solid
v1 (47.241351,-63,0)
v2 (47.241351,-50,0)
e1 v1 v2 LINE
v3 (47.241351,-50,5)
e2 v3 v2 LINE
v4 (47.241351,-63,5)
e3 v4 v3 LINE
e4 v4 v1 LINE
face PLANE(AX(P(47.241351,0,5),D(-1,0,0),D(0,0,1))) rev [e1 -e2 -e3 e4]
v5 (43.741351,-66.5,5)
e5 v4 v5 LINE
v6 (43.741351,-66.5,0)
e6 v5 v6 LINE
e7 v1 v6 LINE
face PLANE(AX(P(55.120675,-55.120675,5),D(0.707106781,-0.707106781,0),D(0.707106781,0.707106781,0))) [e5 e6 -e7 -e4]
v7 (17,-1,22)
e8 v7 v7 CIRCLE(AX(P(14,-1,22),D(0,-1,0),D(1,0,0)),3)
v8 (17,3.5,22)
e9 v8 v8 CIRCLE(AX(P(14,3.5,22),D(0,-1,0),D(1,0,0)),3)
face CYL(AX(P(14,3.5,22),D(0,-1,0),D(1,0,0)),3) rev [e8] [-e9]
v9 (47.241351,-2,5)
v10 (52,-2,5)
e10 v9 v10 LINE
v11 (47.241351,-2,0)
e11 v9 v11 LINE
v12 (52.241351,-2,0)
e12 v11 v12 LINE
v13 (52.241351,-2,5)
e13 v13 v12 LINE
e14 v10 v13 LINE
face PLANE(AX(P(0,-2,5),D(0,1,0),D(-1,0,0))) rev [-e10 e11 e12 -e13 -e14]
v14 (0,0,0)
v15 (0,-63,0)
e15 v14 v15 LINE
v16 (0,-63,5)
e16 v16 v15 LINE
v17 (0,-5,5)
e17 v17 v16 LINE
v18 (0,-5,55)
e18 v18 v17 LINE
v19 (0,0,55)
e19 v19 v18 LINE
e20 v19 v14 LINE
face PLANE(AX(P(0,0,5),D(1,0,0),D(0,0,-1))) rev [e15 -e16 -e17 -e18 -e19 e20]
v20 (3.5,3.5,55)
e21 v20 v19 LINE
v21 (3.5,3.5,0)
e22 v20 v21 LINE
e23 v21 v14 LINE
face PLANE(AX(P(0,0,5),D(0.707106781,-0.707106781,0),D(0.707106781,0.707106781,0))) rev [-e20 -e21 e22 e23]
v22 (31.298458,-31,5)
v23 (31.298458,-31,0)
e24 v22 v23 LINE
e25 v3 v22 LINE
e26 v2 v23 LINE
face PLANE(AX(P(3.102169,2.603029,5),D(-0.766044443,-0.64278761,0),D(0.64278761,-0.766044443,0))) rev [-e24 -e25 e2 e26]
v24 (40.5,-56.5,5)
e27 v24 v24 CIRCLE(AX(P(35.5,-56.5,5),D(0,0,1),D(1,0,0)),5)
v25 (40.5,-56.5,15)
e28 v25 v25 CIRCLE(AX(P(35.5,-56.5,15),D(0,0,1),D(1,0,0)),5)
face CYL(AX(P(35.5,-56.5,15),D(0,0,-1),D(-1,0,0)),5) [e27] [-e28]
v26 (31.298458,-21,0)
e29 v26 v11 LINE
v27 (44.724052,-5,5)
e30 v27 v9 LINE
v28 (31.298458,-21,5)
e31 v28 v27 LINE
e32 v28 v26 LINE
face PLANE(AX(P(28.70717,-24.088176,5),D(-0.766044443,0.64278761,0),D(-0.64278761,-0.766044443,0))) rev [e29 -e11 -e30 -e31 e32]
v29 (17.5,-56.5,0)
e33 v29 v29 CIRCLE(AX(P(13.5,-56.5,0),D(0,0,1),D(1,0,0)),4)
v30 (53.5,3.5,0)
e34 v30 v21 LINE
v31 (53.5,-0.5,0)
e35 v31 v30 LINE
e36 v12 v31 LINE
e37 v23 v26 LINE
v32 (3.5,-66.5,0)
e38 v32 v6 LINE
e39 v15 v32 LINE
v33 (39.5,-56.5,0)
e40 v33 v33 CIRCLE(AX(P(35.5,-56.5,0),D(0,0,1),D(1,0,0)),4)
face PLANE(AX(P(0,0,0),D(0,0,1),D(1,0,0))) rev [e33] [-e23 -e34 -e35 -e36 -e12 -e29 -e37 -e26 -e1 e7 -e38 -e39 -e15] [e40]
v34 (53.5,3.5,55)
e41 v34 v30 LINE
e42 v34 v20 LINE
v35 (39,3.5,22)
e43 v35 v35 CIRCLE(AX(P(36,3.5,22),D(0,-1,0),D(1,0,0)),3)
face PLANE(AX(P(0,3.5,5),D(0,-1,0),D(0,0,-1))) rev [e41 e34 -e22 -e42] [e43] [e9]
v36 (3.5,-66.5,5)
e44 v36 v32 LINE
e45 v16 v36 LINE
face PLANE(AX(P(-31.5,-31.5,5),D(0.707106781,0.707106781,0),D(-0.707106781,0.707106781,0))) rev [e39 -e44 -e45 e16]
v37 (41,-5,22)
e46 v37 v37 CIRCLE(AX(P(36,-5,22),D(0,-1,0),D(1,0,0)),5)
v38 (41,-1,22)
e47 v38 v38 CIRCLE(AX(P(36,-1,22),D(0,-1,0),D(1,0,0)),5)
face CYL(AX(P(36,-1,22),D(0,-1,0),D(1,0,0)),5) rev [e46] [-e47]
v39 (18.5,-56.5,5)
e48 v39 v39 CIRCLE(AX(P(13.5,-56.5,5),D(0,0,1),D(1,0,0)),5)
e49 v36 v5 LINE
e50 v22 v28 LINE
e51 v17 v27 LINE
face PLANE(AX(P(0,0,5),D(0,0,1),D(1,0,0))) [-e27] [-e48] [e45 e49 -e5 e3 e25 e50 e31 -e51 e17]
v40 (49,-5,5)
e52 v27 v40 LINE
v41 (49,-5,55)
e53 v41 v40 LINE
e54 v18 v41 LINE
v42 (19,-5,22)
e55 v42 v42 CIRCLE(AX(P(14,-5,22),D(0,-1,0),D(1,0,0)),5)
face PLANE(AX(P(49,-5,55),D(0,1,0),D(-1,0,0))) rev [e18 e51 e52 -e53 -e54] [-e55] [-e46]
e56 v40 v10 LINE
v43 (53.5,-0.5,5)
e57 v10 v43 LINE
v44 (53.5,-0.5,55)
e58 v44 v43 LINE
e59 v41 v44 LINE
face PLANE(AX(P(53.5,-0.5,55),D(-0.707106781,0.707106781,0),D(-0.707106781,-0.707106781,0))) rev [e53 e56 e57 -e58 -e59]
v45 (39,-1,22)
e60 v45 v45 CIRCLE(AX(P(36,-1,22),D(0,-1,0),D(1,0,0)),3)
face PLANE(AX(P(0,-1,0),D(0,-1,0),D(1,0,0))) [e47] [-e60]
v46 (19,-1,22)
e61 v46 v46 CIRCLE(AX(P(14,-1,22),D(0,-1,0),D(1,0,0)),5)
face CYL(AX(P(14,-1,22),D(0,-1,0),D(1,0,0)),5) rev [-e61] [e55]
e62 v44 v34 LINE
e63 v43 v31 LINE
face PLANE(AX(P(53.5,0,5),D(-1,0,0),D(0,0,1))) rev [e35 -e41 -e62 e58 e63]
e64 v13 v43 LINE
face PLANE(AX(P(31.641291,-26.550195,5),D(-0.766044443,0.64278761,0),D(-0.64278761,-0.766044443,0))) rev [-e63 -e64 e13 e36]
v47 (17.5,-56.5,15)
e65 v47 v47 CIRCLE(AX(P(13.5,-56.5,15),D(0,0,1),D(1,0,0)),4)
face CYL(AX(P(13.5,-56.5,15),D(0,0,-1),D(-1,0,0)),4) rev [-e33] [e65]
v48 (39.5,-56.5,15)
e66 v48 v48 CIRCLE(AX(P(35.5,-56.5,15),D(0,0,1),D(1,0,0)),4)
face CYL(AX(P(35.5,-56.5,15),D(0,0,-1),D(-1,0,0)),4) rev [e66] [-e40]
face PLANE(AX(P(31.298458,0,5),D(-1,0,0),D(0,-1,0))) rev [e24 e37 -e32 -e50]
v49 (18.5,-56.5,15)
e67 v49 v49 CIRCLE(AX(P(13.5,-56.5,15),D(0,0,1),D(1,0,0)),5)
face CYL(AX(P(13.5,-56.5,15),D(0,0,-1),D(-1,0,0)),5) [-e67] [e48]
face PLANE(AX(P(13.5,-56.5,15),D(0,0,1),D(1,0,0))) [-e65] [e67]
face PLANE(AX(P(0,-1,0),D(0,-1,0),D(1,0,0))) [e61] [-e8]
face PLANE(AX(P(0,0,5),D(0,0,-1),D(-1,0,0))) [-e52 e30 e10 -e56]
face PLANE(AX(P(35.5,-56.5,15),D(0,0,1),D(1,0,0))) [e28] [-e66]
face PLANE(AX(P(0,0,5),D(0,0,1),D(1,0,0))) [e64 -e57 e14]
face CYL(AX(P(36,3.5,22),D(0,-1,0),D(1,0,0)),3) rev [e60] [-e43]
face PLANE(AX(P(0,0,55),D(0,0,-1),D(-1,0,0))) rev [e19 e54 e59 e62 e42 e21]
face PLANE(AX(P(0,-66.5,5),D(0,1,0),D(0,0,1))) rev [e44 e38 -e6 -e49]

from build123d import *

# Parameters (mm, degrees)
BOSS_EXTRUDE1_DEPTH     = 5
BOSS_EXTRUDE2_DEPTH     = 50
CUT_EXTRUDE1_DEPTH      = 99.333615819
CUT_EXTRUDE1_DEPTH_BACK = 99.333615819
SKETCH3_R               = 3
SKETCH4_R               = 5
SKETCH4_R_2             = 4
BOSS_EXTRUDE3_DEPTH     = 10
SKETCH3_3_R             = 5
SKETCH3_3_R_2           = 3
CUT_EXTRUDE2_DEPTH      = 4
ESQUISSE1_R             = 4
ENL_V_MAT_EXTRU_1_DEPTH = 99.916631564


with BuildPart() as part:
    # Sketch1 → Boss-Extrude1 (new body)
    with BuildSketch(Plane.XY):
        Polygon((52.241350553, -2), (53.5, -0.5), (53.5, 3.5), (3.5, 3.5), (0, 0), (0, -63), (3.5, -66.5), (43.741350553, -66.5), (47.241350553, -63), (47.241350553, -50), (31.298457561, -31), (31.298457561, -21), (47.241350553, -2), align=None)
    extrude(amount=BOSS_EXTRUDE1_DEPTH)

    # Sketch2 → Boss-Extrude2 (add)
    with BuildSketch(Plane.XY.offset(5)):
        Polygon((0, -5), (0, 0), (3.5, 3.5), (53.5, 3.5), (53.5, -0.5), (49, -5), align=None)
    extrude(amount=BOSS_EXTRUDE2_DEPTH)

    # Sketch3 → Cut-Extrude1 (cut, two sides: drawn at the far end of the back side and taken through both)
    with BuildSketch(Plane.XZ.offset(5).offset(-CUT_EXTRUDE1_DEPTH_BACK)):
        with Locations((36, 22)):
            Circle(SKETCH3_R)
        with Locations((14, 22)):
            Circle(SKETCH3_R)
    extrude(amount=CUT_EXTRUDE1_DEPTH + CUT_EXTRUDE1_DEPTH_BACK, mode=Mode.SUBTRACT)

    # Sketch4 → Boss-Extrude3 (add)
    # profile 1 of 2: a face of its own
    with BuildSketch(Plane.XY.offset(5)):
        with Locations((13.5, -56.5)):
            Circle(SKETCH4_R)
        with Locations((13.5, -56.5)):
            Circle(SKETCH4_R_2, mode=Mode.SUBTRACT)
    # profile 2 of 2: a face of its own
    with BuildSketch(Plane.XY.offset(5)):
        with Locations((35.5, -56.5)):
            Circle(SKETCH4_R)
        with Locations((35.5, -56.5)):
            Circle(SKETCH4_R_2, mode=Mode.SUBTRACT)
    extrude(amount=BOSS_EXTRUDE3_DEPTH)

    # Sketch3<3> → Cut-Extrude2 (cut)
    # profile 1 of 2: a face of its own
    with BuildSketch(Plane.XZ.offset(5)):
        with Locations((36, 22)):
            Circle(SKETCH3_3_R)
        with Locations((36, 22)):
            Circle(SKETCH3_3_R_2, mode=Mode.SUBTRACT)
    # profile 2 of 2: a face of its own
    with BuildSketch(Plane.XZ.offset(5)):
        with Locations((14, 22)):
            Circle(SKETCH3_3_R)
        with Locations((14, 22)):
            Circle(SKETCH3_3_R_2, mode=Mode.SUBTRACT)
    extrude(amount=-CUT_EXTRUDE2_DEPTH, mode=Mode.SUBTRACT)

    # Esquisse1 → Enlèv. mat.-Extru.1 (cut, through all)
    with BuildSketch(Plane.XY.offset(5)):
        with Locations((35.5, -56.5)):
            Circle(ESQUISSE1_R)
        with Locations((13.5, -56.5)):
            Circle(ESQUISSE1_R)
    extrude(amount=-ENL_V_MAT_EXTRU_1_DEPTH, mode=Mode.SUBTRACT)


solid = part.part
